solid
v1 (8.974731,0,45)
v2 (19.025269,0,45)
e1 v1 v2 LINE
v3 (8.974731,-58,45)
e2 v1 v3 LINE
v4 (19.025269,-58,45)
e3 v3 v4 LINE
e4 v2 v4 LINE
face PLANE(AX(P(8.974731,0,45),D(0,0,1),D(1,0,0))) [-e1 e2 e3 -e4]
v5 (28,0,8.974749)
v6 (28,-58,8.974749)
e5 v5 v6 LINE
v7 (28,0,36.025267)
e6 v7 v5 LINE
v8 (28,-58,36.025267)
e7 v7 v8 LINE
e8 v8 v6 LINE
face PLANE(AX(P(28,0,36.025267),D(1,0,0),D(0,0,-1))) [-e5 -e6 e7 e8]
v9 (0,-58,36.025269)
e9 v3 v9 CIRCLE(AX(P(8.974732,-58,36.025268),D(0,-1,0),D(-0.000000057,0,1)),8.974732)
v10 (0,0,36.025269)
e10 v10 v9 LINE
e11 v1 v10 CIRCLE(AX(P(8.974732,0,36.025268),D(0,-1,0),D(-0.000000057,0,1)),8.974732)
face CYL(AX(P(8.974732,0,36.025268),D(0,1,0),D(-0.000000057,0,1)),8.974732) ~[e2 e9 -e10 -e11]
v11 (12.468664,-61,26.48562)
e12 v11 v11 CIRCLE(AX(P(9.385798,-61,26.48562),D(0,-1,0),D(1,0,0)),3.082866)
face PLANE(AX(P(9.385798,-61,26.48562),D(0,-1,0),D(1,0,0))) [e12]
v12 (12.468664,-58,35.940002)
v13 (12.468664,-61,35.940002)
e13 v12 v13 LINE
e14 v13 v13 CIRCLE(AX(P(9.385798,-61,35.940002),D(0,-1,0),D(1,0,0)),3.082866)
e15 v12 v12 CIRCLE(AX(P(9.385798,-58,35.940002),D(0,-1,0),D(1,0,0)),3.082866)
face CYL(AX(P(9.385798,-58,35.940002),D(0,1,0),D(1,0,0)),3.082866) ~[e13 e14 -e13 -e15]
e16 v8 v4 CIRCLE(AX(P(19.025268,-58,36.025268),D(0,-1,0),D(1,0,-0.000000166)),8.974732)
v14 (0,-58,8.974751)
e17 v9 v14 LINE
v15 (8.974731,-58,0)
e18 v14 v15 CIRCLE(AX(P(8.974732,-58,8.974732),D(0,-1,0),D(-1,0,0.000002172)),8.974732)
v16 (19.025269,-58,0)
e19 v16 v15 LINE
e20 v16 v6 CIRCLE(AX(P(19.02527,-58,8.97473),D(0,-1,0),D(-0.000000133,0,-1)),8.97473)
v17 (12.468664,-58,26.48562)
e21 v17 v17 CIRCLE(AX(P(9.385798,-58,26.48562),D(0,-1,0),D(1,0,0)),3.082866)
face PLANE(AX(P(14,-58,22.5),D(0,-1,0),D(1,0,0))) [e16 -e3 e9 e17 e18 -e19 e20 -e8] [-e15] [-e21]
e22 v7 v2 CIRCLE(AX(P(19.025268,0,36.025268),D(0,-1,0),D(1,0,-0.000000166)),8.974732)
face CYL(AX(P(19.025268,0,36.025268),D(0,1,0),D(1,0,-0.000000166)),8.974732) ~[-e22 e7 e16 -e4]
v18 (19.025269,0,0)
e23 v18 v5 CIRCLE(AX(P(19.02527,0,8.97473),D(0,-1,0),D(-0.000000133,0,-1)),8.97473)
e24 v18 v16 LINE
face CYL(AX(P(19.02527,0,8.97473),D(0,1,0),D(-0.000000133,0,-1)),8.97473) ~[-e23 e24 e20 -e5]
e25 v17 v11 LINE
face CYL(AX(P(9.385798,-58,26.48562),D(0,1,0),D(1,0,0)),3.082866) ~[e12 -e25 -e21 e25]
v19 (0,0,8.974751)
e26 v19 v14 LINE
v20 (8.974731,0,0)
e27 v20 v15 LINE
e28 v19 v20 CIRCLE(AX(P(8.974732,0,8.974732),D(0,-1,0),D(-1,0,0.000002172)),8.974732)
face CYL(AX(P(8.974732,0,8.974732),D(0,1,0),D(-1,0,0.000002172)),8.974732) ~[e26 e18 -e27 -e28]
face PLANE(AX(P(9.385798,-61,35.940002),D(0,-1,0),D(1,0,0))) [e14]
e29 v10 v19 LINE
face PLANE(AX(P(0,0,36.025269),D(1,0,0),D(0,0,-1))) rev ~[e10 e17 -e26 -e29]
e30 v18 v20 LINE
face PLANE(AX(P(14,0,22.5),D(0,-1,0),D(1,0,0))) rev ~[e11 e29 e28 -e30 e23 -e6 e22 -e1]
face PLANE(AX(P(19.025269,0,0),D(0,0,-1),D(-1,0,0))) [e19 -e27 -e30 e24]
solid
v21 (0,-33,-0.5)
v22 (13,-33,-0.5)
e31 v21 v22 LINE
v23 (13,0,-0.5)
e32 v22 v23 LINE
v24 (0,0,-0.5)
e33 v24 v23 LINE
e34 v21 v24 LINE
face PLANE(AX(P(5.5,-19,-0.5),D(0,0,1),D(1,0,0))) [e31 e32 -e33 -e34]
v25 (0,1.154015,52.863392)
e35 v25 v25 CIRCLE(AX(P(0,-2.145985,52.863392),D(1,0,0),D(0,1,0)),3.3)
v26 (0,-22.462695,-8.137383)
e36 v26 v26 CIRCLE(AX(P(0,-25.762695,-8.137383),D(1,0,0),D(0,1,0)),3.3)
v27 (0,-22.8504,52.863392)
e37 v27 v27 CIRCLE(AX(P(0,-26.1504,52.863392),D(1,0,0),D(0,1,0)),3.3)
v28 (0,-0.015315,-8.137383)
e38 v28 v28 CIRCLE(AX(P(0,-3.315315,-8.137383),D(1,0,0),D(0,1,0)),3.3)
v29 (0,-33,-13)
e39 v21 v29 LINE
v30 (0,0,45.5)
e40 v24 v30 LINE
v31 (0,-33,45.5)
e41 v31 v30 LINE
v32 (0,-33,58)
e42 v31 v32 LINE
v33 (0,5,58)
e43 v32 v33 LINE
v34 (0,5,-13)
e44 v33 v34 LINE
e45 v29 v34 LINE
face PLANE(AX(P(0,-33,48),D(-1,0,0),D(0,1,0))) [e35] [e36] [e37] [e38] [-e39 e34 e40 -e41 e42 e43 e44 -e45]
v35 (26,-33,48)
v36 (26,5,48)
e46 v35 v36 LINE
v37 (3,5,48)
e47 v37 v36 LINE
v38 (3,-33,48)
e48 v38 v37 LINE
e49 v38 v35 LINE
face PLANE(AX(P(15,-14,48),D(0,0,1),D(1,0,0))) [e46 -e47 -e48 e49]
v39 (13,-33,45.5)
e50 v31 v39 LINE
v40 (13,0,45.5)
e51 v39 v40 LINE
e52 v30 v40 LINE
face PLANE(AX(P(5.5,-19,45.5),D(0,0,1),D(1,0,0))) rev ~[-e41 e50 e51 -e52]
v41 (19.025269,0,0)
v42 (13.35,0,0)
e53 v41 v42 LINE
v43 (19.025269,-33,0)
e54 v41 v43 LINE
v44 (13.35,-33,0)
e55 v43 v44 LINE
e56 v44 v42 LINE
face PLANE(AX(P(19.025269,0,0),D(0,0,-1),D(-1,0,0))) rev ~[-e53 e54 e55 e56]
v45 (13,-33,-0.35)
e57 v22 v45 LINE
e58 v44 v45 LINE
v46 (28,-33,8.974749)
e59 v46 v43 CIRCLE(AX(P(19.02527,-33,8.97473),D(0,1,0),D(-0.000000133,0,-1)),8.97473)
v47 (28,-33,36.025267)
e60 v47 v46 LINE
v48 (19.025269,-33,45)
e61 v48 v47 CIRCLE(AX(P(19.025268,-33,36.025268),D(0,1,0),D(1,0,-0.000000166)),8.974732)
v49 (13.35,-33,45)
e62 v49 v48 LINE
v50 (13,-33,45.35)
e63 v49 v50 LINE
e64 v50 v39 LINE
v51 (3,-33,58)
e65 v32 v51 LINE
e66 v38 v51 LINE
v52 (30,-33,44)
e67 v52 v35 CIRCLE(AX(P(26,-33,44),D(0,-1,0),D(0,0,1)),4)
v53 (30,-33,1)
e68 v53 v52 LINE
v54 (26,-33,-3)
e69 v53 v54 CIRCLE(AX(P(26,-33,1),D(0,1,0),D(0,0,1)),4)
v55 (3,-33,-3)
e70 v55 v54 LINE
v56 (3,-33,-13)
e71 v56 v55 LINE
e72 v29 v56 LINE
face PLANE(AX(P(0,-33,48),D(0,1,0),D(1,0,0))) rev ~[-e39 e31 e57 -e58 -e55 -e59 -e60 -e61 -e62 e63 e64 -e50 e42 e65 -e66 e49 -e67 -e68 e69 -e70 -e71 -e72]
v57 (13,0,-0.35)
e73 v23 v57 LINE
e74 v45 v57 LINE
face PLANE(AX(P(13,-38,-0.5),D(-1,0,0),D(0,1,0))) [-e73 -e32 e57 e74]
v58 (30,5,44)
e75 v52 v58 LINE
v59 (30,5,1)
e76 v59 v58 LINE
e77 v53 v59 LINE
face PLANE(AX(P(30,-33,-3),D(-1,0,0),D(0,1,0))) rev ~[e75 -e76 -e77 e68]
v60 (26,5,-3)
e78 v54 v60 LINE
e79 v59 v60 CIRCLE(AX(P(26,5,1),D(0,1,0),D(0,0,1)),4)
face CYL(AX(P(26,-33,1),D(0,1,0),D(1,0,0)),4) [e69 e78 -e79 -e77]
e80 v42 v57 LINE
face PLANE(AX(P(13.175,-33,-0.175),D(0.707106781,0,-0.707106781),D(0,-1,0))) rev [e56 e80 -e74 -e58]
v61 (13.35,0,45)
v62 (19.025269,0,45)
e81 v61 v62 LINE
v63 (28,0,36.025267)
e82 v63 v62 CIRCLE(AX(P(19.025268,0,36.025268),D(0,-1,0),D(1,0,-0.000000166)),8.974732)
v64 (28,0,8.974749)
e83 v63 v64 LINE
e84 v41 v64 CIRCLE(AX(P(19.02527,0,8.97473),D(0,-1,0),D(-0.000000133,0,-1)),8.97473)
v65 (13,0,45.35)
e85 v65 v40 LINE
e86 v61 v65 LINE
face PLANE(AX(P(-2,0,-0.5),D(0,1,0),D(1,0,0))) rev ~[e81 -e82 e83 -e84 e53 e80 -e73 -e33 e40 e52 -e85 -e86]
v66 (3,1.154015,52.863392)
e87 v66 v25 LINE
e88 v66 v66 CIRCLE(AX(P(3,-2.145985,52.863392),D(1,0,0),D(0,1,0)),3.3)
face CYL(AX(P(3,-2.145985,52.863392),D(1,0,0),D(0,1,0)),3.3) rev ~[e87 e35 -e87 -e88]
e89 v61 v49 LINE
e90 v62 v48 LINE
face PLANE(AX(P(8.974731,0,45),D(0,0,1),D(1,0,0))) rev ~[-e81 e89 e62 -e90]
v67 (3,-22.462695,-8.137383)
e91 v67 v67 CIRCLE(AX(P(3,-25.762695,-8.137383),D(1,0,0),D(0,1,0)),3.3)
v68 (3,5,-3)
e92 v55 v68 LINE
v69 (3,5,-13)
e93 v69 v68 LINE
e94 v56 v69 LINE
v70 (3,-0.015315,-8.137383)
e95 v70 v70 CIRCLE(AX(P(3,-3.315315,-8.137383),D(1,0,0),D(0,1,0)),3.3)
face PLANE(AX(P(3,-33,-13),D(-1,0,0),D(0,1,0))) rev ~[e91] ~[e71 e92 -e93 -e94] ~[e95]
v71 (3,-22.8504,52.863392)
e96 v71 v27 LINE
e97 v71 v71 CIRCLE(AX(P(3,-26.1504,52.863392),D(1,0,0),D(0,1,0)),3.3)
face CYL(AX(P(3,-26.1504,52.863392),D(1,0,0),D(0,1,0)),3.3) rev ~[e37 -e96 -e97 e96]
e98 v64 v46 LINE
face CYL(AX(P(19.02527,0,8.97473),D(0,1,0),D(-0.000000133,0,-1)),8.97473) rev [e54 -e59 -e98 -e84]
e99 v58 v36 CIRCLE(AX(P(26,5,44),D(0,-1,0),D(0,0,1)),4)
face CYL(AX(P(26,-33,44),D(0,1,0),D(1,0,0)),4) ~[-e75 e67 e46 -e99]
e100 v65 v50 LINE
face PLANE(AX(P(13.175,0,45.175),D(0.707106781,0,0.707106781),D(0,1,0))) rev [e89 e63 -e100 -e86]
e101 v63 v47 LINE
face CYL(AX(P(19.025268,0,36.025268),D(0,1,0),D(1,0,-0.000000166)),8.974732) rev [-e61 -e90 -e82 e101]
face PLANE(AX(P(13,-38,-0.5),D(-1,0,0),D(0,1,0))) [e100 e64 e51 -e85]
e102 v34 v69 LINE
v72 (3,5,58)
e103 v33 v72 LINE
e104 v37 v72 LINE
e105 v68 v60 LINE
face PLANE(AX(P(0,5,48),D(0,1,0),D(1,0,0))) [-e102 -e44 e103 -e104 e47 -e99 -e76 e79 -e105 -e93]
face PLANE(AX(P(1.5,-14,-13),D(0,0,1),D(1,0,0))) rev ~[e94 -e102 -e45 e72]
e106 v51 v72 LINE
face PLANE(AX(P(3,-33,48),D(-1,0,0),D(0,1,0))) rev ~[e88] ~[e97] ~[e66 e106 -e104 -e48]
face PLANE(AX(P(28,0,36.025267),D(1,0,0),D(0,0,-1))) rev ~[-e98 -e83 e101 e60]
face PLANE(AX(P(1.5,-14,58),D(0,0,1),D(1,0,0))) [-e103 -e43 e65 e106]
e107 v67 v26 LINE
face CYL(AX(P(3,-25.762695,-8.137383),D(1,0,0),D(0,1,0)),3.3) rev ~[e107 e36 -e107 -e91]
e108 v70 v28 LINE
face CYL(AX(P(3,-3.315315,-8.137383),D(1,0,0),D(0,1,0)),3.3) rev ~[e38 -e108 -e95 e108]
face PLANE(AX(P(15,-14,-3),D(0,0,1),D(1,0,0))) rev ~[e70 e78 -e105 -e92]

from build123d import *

# Parameters (mm, degrees)
PAD002_DEPTH    = 58
SKETCH005_R     = 3.082866
PAD003_DEPTH    = 3
BOX001_W        = 15
BOX001_H        = 38
BOX001_DEPTH    = 46
PAD_DEPTH       = 58
SKETCH001_R     = 3.082866
PAD001_DEPTH    = 3
BOX_W           = 30
BOX_H           = 38
BOX_DEPTH       = 51
FILLET_R        = 4
CHAMFER_SIZE    = 0.35
CHAMFER001_SIZE = 0.35
BOX003_W        = 3
BOX003_H        = 38
BOX003_DEPTH    = 10
SKETCH003_R     = 3.3
POCKET001_DEPTH = 5
BOX002_W        = 3
BOX002_H        = 38
BOX002_DEPTH    = 10
SKETCH002_R     = 3.3
POCKET_DEPTH    = 5


with BuildPart() as pad003:
    # Sketch004 → Pad002 (new body)
    with BuildSketch(Plane.XZ):
        with BuildLine():
            ThreePointArc((8.974731, 45), (2.628638, 42.371362), (0, 36.025269))
            Line((0, 36.025269), (0, 8.974751))
            ThreePointArc((0, 8.974751), (2.628631, 2.628645), (8.974731, 0))
            Line((19.025269, 0), (8.974731, 0))
            ThreePointArc((19.025269, 0), (25.371369, 2.628644), (28, 8.974749))
            Line((28, 36.025267), (28, 8.974749))
            ThreePointArc((28, 36.025267), (25.371363, 42.371361), (19.025269, 45))
            Line((8.974731, 45), (19.025269, 45))
        make_face()
    extrude(amount=PAD002_DEPTH)

    # Sketch005 → Pad003 (new body)
    with BuildSketch(Plane.XZ.offset(58)):
        with Locations((9.385798, 35.940002)):
            Circle(SKETCH005_R)
        with Locations((9.385798, 26.48562)):
            Circle(SKETCH005_R)
    extrude(amount=PAD003_DEPTH)


with BuildPart() as cubo001:
    # Box001 → Box001 (new body)
    with BuildSketch(Plane(origin=(-2, -38, -0.5), x_dir=(1, 0, 0), z_dir=(0, 0, 1))):
        with Locations((7.5, 19)):
            Rectangle(BOX001_W, BOX001_H)
    extrude(amount=BOX001_DEPTH)


with BuildPart() as pad001:
    # Sketch → Pad (new body)
    with BuildSketch(Plane.XZ):
        with BuildLine():
            ThreePointArc((8.974731, 45), (2.628638, 42.371362), (0, 36.025269))
            Line((0, 36.025269), (0, 8.974751))
            ThreePointArc((0, 8.974751), (2.628631, 2.628645), (8.974731, 0))
            Line((19.025269, 0), (8.974731, 0))
            ThreePointArc((19.025269, 0), (25.371369, 2.628644), (28, 8.974749))
            Line((28, 36.025267), (28, 8.974749))
            ThreePointArc((28, 36.025267), (25.371363, 42.371361), (19.025269, 45))
            Line((8.974731, 45), (19.025269, 45))
        make_face()
    extrude(amount=PAD_DEPTH)

    # Sketch001 → Pad001 (new body)
    with BuildSketch(Plane.XZ.offset(58)):
        with Locations((9.385798, 35.940002)):
            Circle(SKETCH001_R)
        with Locations((9.385798, 26.48562)):
            Circle(SKETCH001_R)
    extrude(amount=PAD001_DEPTH)


with BuildPart() as chamfer001:
    # Box → Box (new body)
    with BuildSketch(Plane(origin=(0, -33, -3), x_dir=(1, 0, 0), z_dir=(0, 0, 1))):
        with Locations((15, 19)):
            Rectangle(BOX_W, BOX_H)
    extrude(amount=BOX_DEPTH)

    # Fillet
    fillet_edges = [chamfer001.edges().sort_by_distance(p)[0] for p in [
        (30, -14, 48),
        (30, -14, -3),
    ]]
    fillet(fillet_edges, radius=FILLET_R)

    # Cut: cut Pad001
    add(pad001.part, mode=Mode.SUBTRACT)

    # Cut001: cut Cubo001
    add(cubo001.part, mode=Mode.SUBTRACT)

    # Chamfer
    chamfer_edges = [chamfer001.edges().sort_by_distance(p)[0] for p in [
        (13, -16.5, 45),
    ]]
    chamfer(chamfer_edges, length=CHAMFER_SIZE)

    # Chamfer001
    chamfer001_edges = [chamfer001.edges().sort_by_distance(p)[0] for p in [
        (13, -16.5, 0),
    ]]
    chamfer(chamfer001_edges, length=CHAMFER001_SIZE)


with BuildPart() as pocket001:
    # Box003 → Box003 (new body)
    with BuildSketch(Plane(origin=(0, -33, 48), x_dir=(1, 0, 0), z_dir=(0, 0, 1))):
        with Locations((1.5, 19)):
            Rectangle(BOX003_W, BOX003_H)
    extrude(amount=BOX003_DEPTH)

    # Sketch003 → Pocket001 (cut)
    with BuildSketch(Plane(origin=(3, -33, 48), x_dir=(0, 1, 0), z_dir=(1, 0, 0))):
        with Locations((6.8496, 4.863392)):
            Circle(SKETCH003_R)
        with Locations((30.854015, 4.863392)):
            Circle(SKETCH003_R)
    extrude(amount=-POCKET001_DEPTH, mode=Mode.SUBTRACT)


with BuildPart() as fusion:
    # Box002 → Box002 (new body)
    with BuildSketch(Plane(origin=(0, -33, -13), x_dir=(1, 0, 0), z_dir=(0, 0, 1))):
        with Locations((1.5, 19)):
            Rectangle(BOX002_W, BOX002_H)
    extrude(amount=BOX002_DEPTH)

    # Sketch002 → Pocket (cut)
    with BuildSketch(Plane(origin=(3, -33, -13), x_dir=(0, 1, 0), z_dir=(1, 0, 0))):
        with Locations((7.237305, 4.862617)):
            Circle(SKETCH002_R)
        with Locations((29.684685, 4.862617)):
            Circle(SKETCH002_R)
        with Locations((7.886075, 65.846821)):
            Circle(SKETCH002_R)
        with Locations((30.333455, 65.846821)):
            Circle(SKETCH002_R)
    extrude(amount=-POCKET_DEPTH, mode=Mode.SUBTRACT)

    # Fusion: union Chamfer001, Pocket001
    add(chamfer001.part)
    add(pocket001.part)


solid = Compound([pad003.part, fusion.part])
